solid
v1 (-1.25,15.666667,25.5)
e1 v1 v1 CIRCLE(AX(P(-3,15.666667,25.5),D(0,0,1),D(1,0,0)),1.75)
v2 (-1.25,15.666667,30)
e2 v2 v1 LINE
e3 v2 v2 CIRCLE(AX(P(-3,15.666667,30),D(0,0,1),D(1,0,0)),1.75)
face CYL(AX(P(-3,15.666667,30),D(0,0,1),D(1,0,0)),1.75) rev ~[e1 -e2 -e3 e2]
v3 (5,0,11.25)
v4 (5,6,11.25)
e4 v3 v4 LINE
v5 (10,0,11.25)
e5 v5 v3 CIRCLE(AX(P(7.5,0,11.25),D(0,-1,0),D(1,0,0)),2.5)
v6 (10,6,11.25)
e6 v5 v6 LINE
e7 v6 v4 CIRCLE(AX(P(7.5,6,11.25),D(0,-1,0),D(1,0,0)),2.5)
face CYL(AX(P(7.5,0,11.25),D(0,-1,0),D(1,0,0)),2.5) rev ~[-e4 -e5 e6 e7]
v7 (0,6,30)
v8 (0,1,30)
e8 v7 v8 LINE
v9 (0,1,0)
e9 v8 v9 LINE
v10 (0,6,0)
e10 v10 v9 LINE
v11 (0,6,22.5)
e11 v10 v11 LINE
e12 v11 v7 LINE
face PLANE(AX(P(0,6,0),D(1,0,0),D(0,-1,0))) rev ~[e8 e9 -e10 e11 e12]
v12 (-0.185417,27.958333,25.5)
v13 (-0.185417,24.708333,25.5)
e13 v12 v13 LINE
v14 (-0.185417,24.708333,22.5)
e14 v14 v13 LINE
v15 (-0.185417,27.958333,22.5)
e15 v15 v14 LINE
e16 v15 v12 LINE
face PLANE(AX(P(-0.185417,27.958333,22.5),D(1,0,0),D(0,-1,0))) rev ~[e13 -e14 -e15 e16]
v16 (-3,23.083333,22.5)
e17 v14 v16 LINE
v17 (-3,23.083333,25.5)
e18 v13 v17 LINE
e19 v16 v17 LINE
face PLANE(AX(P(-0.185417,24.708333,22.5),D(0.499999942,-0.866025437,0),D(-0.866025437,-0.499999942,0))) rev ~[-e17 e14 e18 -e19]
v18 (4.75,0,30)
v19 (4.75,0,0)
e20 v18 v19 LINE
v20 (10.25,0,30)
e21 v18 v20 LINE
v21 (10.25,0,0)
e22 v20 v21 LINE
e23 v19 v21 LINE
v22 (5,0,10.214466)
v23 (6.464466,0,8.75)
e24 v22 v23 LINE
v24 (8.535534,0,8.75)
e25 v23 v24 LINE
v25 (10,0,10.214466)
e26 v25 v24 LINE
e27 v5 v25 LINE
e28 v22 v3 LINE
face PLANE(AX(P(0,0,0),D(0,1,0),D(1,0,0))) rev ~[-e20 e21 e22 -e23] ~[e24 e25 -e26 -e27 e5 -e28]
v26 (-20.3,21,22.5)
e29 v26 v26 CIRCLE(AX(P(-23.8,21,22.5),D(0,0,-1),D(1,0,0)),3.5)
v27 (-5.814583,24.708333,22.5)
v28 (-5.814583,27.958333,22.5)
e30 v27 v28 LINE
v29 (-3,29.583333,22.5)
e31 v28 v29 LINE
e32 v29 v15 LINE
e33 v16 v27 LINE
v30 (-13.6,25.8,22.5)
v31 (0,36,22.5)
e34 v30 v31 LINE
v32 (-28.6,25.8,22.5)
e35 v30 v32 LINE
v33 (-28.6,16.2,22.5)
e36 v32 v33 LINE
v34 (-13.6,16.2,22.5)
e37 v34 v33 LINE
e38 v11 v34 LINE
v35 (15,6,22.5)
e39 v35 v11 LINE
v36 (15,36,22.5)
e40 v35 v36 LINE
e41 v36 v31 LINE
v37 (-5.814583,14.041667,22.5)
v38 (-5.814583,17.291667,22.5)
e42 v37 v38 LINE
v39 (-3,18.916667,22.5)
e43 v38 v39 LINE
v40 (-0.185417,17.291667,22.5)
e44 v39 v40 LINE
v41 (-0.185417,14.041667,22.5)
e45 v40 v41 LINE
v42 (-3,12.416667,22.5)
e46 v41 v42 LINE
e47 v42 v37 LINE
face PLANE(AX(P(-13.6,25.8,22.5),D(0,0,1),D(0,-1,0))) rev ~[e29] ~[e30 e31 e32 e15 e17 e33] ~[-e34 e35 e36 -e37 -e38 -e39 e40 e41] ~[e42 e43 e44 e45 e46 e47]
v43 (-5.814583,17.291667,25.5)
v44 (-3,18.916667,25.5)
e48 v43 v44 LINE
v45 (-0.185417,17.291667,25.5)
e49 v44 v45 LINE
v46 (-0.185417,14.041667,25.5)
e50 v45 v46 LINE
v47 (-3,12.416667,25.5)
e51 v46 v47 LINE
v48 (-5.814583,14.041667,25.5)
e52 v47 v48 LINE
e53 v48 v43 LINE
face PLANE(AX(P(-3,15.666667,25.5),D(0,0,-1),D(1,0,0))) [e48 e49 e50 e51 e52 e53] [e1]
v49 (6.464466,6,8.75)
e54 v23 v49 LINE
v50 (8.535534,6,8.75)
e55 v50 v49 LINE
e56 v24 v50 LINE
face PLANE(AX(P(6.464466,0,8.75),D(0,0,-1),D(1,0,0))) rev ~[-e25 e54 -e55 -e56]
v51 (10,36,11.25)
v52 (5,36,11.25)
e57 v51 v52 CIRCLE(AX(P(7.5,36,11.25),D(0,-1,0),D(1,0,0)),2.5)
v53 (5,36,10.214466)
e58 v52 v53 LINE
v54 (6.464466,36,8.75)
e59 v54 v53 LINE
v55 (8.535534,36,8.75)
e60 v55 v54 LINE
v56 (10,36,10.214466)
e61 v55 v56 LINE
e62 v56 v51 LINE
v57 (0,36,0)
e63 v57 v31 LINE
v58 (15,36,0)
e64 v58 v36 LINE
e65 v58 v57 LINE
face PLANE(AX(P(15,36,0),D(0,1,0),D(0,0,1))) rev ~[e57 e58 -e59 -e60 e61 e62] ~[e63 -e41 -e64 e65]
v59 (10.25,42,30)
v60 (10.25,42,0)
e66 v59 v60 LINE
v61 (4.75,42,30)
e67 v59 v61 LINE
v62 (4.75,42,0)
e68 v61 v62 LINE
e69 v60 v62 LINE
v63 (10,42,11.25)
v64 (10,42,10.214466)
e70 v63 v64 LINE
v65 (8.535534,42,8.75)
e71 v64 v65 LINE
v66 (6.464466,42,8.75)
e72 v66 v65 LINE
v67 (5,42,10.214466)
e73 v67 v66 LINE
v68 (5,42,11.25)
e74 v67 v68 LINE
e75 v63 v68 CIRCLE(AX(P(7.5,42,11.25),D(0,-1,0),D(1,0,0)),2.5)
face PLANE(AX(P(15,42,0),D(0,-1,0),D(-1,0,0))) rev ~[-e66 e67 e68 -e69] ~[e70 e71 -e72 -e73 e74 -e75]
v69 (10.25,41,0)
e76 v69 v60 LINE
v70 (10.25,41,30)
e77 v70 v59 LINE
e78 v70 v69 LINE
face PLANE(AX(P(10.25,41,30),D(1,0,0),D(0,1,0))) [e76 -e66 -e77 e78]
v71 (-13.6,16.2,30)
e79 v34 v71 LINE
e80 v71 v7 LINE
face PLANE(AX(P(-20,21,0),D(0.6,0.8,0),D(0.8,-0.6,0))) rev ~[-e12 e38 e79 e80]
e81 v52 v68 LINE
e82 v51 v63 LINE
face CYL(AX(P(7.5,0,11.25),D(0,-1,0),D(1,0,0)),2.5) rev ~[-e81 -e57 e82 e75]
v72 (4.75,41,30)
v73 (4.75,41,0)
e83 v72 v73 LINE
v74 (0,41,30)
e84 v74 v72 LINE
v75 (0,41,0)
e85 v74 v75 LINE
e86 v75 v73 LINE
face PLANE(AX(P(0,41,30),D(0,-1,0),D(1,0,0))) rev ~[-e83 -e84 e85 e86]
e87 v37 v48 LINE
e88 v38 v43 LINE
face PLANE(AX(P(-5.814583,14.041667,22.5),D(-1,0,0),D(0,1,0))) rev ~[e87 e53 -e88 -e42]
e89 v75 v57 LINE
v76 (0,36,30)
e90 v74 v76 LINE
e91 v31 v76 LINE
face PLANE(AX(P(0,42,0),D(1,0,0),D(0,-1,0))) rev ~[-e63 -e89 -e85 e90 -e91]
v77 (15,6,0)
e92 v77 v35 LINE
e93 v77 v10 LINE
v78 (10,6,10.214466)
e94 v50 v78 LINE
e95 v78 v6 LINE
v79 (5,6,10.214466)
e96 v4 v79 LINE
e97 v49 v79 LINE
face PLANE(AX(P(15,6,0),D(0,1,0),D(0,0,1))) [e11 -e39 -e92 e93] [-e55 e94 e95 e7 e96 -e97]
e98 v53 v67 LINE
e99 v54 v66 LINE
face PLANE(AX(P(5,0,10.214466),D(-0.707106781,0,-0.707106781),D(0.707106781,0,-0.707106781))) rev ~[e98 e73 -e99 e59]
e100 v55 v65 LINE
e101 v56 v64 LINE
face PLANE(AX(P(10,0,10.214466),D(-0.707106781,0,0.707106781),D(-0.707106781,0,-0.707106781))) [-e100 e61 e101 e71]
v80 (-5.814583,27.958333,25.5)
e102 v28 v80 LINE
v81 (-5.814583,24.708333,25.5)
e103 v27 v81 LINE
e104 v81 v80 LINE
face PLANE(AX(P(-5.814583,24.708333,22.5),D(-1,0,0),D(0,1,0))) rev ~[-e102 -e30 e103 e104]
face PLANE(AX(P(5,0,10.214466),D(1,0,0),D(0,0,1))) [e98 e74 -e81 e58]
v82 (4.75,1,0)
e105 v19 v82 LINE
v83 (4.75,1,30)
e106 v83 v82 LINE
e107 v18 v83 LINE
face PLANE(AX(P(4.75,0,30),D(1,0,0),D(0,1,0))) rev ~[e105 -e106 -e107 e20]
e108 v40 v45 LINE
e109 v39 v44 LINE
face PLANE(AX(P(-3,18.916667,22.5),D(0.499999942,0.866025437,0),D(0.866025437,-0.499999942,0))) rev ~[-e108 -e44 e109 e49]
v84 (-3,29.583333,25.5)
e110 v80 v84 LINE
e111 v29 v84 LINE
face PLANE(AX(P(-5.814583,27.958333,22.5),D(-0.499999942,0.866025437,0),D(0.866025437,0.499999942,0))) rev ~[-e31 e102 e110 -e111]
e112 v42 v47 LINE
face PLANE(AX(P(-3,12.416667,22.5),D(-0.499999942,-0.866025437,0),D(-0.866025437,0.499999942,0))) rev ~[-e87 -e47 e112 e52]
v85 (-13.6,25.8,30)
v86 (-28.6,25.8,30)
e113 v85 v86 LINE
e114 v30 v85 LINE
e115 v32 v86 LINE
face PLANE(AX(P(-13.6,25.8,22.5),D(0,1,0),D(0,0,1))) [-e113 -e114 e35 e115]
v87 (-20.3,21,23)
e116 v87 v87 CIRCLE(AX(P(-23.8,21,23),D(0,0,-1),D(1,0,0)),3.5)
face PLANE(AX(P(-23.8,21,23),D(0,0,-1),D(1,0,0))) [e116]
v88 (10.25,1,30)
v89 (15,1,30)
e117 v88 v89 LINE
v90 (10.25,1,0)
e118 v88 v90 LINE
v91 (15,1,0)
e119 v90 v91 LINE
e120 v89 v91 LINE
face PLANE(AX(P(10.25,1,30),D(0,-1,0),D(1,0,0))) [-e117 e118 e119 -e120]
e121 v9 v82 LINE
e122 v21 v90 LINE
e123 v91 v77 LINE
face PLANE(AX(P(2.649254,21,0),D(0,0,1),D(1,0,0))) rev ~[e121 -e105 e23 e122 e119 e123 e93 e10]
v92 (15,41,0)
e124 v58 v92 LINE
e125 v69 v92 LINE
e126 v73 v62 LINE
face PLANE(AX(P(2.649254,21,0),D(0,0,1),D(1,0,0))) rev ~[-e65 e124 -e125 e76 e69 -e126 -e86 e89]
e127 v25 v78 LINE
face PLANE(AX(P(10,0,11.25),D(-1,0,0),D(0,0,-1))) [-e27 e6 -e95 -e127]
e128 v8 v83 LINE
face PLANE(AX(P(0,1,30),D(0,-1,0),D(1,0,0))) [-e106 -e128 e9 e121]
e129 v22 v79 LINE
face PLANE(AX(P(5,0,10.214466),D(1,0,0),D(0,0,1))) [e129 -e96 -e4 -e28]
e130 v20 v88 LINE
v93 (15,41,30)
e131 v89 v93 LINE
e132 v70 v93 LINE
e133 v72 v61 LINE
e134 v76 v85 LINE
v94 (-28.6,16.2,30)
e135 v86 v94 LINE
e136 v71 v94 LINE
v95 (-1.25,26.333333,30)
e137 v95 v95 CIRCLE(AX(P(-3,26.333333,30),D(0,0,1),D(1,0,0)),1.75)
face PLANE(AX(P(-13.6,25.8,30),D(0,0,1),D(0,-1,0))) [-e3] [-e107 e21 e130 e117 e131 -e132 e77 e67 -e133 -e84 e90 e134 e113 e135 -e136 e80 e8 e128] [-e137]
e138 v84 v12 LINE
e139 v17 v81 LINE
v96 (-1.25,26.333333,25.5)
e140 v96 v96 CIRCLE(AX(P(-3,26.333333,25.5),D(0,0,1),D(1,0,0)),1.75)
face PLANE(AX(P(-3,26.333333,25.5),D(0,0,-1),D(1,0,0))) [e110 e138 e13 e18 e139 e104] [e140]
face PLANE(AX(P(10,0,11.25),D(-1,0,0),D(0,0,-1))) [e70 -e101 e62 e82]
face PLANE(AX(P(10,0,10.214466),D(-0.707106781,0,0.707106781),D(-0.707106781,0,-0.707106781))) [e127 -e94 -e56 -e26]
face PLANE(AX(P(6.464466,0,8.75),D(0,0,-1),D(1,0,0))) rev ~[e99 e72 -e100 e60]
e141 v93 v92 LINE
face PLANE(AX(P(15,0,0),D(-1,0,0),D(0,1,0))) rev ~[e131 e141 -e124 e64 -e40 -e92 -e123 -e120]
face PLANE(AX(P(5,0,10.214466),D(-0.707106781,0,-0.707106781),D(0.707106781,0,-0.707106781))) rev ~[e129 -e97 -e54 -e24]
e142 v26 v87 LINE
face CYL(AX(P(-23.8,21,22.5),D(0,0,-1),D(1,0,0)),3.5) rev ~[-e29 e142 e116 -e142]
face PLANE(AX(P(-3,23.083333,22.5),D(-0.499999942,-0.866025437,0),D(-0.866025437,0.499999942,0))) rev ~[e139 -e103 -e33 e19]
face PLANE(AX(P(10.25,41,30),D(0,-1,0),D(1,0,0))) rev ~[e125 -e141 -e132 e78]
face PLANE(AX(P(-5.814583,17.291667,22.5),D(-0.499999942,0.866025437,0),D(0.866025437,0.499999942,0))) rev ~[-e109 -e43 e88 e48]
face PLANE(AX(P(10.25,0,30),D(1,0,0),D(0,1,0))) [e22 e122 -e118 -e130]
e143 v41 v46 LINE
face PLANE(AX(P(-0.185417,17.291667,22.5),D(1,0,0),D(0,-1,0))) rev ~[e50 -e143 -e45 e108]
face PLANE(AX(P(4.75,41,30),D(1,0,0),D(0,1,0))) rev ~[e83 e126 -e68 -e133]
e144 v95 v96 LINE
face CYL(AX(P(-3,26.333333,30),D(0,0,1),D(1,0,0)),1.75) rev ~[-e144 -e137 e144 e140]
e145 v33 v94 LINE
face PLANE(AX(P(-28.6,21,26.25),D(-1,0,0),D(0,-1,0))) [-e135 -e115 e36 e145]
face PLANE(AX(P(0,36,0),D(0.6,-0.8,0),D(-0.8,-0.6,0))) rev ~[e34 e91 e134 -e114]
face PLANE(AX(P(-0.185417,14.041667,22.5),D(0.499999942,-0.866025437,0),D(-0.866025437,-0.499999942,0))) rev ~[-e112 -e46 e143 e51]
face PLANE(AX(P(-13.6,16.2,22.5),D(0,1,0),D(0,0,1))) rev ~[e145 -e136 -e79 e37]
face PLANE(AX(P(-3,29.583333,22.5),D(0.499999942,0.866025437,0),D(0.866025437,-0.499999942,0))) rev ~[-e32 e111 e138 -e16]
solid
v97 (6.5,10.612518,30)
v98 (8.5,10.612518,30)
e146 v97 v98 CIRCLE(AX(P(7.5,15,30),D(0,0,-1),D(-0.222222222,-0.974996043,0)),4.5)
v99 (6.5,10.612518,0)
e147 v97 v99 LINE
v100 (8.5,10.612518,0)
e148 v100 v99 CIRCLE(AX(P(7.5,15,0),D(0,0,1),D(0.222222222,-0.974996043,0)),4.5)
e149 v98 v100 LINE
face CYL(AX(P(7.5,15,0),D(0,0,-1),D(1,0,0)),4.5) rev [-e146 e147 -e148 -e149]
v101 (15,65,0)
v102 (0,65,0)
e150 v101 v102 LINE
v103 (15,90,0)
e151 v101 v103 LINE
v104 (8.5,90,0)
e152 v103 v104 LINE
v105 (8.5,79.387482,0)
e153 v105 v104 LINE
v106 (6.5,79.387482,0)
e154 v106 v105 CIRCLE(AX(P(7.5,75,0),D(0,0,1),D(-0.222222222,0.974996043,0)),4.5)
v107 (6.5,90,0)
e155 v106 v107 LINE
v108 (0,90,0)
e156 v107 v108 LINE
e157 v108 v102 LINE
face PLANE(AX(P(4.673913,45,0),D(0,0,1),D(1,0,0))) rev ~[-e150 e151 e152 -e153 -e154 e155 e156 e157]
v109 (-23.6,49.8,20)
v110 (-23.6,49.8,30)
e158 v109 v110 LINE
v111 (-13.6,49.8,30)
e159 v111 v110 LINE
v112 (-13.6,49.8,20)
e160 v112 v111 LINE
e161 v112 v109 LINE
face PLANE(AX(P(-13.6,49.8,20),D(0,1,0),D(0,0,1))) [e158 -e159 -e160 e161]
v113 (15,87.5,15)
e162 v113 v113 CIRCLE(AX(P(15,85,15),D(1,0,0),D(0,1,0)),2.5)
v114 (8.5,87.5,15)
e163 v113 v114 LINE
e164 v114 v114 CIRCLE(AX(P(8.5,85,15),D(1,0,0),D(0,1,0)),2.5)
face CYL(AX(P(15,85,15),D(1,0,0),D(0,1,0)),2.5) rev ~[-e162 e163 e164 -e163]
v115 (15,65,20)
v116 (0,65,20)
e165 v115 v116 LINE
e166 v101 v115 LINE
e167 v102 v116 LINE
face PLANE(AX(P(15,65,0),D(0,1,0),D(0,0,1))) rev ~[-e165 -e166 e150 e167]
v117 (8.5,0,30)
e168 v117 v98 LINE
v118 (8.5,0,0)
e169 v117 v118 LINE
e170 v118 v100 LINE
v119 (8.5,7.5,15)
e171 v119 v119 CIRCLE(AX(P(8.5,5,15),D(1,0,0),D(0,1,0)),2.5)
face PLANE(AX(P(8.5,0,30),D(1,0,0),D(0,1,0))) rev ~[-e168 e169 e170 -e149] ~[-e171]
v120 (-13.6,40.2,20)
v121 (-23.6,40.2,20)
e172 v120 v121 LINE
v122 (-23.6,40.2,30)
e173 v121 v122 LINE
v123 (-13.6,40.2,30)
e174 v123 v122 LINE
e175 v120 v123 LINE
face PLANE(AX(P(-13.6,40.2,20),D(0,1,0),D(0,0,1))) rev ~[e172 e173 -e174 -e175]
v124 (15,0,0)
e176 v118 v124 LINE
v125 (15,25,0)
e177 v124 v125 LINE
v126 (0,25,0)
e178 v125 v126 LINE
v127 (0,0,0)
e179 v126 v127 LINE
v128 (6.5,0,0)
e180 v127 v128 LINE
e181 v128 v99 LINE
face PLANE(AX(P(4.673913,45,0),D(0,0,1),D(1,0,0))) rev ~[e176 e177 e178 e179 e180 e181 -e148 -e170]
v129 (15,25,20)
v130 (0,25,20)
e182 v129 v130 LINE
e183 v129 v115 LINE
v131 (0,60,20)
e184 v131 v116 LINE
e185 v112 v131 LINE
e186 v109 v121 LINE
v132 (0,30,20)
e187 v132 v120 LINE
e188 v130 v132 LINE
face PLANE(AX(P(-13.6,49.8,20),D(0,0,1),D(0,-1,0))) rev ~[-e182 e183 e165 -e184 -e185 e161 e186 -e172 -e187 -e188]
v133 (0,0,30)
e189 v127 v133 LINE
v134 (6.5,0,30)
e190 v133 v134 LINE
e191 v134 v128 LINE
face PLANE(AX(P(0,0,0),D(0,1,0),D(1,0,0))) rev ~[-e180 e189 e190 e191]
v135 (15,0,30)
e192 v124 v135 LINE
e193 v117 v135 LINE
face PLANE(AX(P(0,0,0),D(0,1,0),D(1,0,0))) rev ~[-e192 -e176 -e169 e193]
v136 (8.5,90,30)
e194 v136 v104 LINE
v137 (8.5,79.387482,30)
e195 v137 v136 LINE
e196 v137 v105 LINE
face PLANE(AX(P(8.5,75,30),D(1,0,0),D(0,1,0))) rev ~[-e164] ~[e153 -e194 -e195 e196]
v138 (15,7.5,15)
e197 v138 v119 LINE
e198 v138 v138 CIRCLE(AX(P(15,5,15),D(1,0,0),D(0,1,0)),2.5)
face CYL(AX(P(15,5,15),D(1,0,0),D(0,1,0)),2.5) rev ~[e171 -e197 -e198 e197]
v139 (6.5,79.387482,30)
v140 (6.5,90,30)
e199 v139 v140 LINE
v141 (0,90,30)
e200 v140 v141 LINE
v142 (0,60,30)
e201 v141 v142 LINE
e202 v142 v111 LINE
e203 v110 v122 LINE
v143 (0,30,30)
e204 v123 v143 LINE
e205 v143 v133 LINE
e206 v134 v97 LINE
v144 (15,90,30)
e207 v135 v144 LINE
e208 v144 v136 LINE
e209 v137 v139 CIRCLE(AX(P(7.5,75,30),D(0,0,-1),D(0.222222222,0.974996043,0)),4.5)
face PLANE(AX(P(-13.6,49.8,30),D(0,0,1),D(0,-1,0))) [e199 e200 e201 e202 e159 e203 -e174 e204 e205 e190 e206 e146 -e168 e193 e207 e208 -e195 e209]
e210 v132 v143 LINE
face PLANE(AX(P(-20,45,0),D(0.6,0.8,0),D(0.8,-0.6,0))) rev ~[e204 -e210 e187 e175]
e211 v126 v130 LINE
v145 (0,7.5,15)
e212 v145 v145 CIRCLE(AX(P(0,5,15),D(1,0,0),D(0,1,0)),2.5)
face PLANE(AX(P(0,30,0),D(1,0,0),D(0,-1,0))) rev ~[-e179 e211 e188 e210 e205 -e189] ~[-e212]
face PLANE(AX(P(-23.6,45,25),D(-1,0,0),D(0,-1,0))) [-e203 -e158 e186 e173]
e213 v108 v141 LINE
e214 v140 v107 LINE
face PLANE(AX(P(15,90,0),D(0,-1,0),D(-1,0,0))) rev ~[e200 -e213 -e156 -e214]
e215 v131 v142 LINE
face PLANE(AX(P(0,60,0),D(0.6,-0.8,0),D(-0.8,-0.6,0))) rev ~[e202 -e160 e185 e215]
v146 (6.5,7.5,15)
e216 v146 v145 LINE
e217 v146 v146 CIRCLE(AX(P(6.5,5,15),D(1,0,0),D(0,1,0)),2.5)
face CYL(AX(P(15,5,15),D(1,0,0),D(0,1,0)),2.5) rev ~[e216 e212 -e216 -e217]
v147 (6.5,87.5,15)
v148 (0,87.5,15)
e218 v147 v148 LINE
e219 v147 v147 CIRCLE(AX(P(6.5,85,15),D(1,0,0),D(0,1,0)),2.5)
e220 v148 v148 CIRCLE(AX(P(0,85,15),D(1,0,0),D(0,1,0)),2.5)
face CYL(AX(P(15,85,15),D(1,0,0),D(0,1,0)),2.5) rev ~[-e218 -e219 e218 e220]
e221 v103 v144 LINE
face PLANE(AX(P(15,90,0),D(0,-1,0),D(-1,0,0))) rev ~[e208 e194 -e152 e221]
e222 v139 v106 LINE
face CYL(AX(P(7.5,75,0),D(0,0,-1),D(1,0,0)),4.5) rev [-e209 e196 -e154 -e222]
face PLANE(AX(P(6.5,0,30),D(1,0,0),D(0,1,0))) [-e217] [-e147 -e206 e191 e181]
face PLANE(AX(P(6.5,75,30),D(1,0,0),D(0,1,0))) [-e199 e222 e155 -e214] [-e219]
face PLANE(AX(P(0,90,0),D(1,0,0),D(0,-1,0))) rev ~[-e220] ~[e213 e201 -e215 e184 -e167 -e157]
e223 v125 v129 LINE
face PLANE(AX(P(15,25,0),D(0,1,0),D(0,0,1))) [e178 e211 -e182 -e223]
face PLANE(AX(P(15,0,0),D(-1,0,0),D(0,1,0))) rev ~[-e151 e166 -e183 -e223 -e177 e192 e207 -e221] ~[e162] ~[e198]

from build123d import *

# Parameters (mm, degrees)
SKETCH_R        = 4.5
PAD_DEPTH       = 30
SKETCH001_W     = 2
SKETCH001_H     = 15
POCKET_DEPTH    = 30
SKETCH002_R     = 2.5
SKETCH002_W     = 40
SKETCH002_H     = 20
POCKET001_DEPTH = 35
CHAMFER_SIZE    = 8
SKETCH003_W     = 9.6
SKETCH003_H     = 10
PAD001_DEPTH    = 10
PAD002_DEPTH    = 30
SKETCH005_W     = 4.75
SKETCH005_H     = 1
POCKET002_DEPTH = 30.001
SKETCH006_W     = 30
SKETCH006_H     = 22.5
POCKET003_DEPTH = 35.001
POCKET004_DEPTH = 42.001
POCKET005_DEPTH = 3
SKETCH009_R     = 1.75
POCKET006_DEPTH = 30.001
CHAMFER001_SIZE = 8
SKETCH010_W     = 9.6
SKETCH010_H     = 7.5
PAD003_DEPTH    = 15
SKETCH011_R     = 3.5
POCKET007_DEPTH = 0.5


with BuildPart() as buildplatformmountingp1_alt:
    # Sketch → Pad (new body)
    with BuildSketch(Plane.XY):
        Polygon((0, 0), (15, 0), (15, 90), (0, 90), (0, 60), (-20, 45), (0, 30), align=None)
        with Locations((7.5, 15)):
            Circle(SKETCH_R, mode=Mode.SUBTRACT)
        with Locations((7.5, 75)):
            Circle(SKETCH_R, mode=Mode.SUBTRACT)
    extrude(amount=PAD_DEPTH)

    # Sketch001 → Pocket (cut)
    with BuildSketch(Plane.XY.offset(30)):
        with Locations((7.5, 82.5)):
            Rectangle(SKETCH001_W, SKETCH001_H)
        with Locations((7.5, 7.5)):
            Rectangle(SKETCH001_W, SKETCH001_H)
    extrude(amount=-POCKET_DEPTH, mode=Mode.SUBTRACT)

    # Sketch002 → Pocket001 (cut)
    with BuildSketch(Plane.YZ.offset(15)):
        with Locations((5, 15)):
            Circle(SKETCH002_R)
        with Locations((85, 15)):
            Circle(SKETCH002_R)
        with Locations((45, 10)):
            Rectangle(SKETCH002_W, SKETCH002_H)
    extrude(amount=-POCKET001_DEPTH, mode=Mode.SUBTRACT)

    # Chamfer
    chamfer_edges = [buildplatformmountingp1_alt.edges().sort_by_distance(p)[0] for p in [
        (-20, 45, 25),
    ]]
    chamfer(chamfer_edges, length=CHAMFER_SIZE)

    # Sketch003 → Pad001 (new body)
    with BuildSketch(Plane(origin=(-13.6, 0, 0), x_dir=(0, -1, 0), z_dir=(-1, 0, 0))):
        with Locations((-45, 25)):
            Rectangle(SKETCH003_W, SKETCH003_H)
    extrude(amount=PAD001_DEPTH)


with BuildPart() as buildplatformmountingp1:
    # Sketch004 → Pad002 (new body)
    with BuildSketch(Plane.XY):
        Polygon((0, 0), (15, 0), (15, 42), (0, 42), (0, 36), (-20, 21), (0, 6), align=None)
    extrude(amount=PAD002_DEPTH)

    # Sketch005 → Pocket002 (cut, through all)
    with BuildSketch(Plane.XY.offset(30)):
        with Locations((2.375, 41.5)):
            Rectangle(SKETCH005_W, SKETCH005_H)
        with Locations((12.625, 41.5)):
            Rectangle(SKETCH005_W, SKETCH005_H)
        with Locations((2.375, 0.5)):
            Rectangle(SKETCH005_W, SKETCH005_H)
        with Locations((12.625, 0.5)):
            Rectangle(SKETCH005_W, SKETCH005_H)
    extrude(amount=-POCKET002_DEPTH, mode=Mode.SUBTRACT)

    # Sketch006 → Pocket003 (cut, through all)
    with BuildSketch(Plane.YZ.offset(15)):
        with Locations((21, 11.25)):
            Rectangle(SKETCH006_W, SKETCH006_H)
    extrude(amount=-POCKET003_DEPTH, mode=Mode.SUBTRACT)

    # Sketch007 → Pocket004 (cut, through all)
    with BuildSketch(Plane.XZ):
        with BuildLine():
            ThreePointArc((10, 11.25), (7.5, 13.75), (5, 11.25))
            Line((5, 10.214466), (5, 11.25))
            Line((5, 10.214466), (6.464466, 8.75))
            Line((6.464466, 8.75), (7.5, 8.75))
            Line((7.5, 8.75), (8.535534, 8.75))
            Line((10, 10.214466), (8.535534, 8.75))
            Line((10, 11.25), (10, 10.214466))
        make_face()
    extrude(amount=-POCKET004_DEPTH, mode=Mode.SUBTRACT)

    # Sketch008 → Pocket005 (cut)
    with BuildSketch(Plane(origin=(0, 0, 22.5), x_dir=(1, 0, 0), z_dir=(0, 0, -1))):
        Polygon((-3, -12.416667), (-5.814583, -14.041667), (-5.814583, -17.291667), (-3, -18.916667), (-0.185417, -17.291667), (-0.185417, -14.041667), align=None)
        Polygon((-3, -23.083333), (-5.814583, -24.708333), (-5.814583, -27.958333), (-3, -29.583333), (-0.185417, -27.958333), (-0.185417, -24.708333), align=None)
    extrude(amount=-POCKET005_DEPTH, mode=Mode.SUBTRACT)

    # Sketch009 → Pocket006 (cut, through all)
    with BuildSketch(Plane.XY.offset(30)):
        with Locations((-3, 26.333333)):
            Circle(SKETCH009_R)
        with Locations((-3, 15.666667)):
            Circle(SKETCH009_R)
    extrude(amount=-POCKET006_DEPTH, mode=Mode.SUBTRACT)

    # Chamfer001
    chamfer001_edges = [buildplatformmountingp1.edges().sort_by_distance(p)[0] for p in [
        (-20, 21, 26.25),
    ]]
    chamfer(chamfer001_edges, length=CHAMFER001_SIZE)

    # Sketch010 → Pad003 (new body)
    with BuildSketch(Plane(origin=(-13.6, 0, 0), x_dir=(0, -1, 0), z_dir=(-1, 0, 0))):
        with Locations((-21, 26.25)):
            Rectangle(SKETCH010_W, SKETCH010_H)
    extrude(amount=PAD003_DEPTH)

    # Sketch011 → Pocket007 (cut)
    with BuildSketch(Plane(origin=(0, 0, 22.5), x_dir=(1, 0, 0), z_dir=(0, 0, -1))):
        with Locations((-23.8, -21)):
            Circle(SKETCH011_R)
    extrude(amount=-POCKET007_DEPTH, mode=Mode.SUBTRACT)


solid = Compound([buildplatformmountingp1_alt.part, buildplatformmountingp1.part])
